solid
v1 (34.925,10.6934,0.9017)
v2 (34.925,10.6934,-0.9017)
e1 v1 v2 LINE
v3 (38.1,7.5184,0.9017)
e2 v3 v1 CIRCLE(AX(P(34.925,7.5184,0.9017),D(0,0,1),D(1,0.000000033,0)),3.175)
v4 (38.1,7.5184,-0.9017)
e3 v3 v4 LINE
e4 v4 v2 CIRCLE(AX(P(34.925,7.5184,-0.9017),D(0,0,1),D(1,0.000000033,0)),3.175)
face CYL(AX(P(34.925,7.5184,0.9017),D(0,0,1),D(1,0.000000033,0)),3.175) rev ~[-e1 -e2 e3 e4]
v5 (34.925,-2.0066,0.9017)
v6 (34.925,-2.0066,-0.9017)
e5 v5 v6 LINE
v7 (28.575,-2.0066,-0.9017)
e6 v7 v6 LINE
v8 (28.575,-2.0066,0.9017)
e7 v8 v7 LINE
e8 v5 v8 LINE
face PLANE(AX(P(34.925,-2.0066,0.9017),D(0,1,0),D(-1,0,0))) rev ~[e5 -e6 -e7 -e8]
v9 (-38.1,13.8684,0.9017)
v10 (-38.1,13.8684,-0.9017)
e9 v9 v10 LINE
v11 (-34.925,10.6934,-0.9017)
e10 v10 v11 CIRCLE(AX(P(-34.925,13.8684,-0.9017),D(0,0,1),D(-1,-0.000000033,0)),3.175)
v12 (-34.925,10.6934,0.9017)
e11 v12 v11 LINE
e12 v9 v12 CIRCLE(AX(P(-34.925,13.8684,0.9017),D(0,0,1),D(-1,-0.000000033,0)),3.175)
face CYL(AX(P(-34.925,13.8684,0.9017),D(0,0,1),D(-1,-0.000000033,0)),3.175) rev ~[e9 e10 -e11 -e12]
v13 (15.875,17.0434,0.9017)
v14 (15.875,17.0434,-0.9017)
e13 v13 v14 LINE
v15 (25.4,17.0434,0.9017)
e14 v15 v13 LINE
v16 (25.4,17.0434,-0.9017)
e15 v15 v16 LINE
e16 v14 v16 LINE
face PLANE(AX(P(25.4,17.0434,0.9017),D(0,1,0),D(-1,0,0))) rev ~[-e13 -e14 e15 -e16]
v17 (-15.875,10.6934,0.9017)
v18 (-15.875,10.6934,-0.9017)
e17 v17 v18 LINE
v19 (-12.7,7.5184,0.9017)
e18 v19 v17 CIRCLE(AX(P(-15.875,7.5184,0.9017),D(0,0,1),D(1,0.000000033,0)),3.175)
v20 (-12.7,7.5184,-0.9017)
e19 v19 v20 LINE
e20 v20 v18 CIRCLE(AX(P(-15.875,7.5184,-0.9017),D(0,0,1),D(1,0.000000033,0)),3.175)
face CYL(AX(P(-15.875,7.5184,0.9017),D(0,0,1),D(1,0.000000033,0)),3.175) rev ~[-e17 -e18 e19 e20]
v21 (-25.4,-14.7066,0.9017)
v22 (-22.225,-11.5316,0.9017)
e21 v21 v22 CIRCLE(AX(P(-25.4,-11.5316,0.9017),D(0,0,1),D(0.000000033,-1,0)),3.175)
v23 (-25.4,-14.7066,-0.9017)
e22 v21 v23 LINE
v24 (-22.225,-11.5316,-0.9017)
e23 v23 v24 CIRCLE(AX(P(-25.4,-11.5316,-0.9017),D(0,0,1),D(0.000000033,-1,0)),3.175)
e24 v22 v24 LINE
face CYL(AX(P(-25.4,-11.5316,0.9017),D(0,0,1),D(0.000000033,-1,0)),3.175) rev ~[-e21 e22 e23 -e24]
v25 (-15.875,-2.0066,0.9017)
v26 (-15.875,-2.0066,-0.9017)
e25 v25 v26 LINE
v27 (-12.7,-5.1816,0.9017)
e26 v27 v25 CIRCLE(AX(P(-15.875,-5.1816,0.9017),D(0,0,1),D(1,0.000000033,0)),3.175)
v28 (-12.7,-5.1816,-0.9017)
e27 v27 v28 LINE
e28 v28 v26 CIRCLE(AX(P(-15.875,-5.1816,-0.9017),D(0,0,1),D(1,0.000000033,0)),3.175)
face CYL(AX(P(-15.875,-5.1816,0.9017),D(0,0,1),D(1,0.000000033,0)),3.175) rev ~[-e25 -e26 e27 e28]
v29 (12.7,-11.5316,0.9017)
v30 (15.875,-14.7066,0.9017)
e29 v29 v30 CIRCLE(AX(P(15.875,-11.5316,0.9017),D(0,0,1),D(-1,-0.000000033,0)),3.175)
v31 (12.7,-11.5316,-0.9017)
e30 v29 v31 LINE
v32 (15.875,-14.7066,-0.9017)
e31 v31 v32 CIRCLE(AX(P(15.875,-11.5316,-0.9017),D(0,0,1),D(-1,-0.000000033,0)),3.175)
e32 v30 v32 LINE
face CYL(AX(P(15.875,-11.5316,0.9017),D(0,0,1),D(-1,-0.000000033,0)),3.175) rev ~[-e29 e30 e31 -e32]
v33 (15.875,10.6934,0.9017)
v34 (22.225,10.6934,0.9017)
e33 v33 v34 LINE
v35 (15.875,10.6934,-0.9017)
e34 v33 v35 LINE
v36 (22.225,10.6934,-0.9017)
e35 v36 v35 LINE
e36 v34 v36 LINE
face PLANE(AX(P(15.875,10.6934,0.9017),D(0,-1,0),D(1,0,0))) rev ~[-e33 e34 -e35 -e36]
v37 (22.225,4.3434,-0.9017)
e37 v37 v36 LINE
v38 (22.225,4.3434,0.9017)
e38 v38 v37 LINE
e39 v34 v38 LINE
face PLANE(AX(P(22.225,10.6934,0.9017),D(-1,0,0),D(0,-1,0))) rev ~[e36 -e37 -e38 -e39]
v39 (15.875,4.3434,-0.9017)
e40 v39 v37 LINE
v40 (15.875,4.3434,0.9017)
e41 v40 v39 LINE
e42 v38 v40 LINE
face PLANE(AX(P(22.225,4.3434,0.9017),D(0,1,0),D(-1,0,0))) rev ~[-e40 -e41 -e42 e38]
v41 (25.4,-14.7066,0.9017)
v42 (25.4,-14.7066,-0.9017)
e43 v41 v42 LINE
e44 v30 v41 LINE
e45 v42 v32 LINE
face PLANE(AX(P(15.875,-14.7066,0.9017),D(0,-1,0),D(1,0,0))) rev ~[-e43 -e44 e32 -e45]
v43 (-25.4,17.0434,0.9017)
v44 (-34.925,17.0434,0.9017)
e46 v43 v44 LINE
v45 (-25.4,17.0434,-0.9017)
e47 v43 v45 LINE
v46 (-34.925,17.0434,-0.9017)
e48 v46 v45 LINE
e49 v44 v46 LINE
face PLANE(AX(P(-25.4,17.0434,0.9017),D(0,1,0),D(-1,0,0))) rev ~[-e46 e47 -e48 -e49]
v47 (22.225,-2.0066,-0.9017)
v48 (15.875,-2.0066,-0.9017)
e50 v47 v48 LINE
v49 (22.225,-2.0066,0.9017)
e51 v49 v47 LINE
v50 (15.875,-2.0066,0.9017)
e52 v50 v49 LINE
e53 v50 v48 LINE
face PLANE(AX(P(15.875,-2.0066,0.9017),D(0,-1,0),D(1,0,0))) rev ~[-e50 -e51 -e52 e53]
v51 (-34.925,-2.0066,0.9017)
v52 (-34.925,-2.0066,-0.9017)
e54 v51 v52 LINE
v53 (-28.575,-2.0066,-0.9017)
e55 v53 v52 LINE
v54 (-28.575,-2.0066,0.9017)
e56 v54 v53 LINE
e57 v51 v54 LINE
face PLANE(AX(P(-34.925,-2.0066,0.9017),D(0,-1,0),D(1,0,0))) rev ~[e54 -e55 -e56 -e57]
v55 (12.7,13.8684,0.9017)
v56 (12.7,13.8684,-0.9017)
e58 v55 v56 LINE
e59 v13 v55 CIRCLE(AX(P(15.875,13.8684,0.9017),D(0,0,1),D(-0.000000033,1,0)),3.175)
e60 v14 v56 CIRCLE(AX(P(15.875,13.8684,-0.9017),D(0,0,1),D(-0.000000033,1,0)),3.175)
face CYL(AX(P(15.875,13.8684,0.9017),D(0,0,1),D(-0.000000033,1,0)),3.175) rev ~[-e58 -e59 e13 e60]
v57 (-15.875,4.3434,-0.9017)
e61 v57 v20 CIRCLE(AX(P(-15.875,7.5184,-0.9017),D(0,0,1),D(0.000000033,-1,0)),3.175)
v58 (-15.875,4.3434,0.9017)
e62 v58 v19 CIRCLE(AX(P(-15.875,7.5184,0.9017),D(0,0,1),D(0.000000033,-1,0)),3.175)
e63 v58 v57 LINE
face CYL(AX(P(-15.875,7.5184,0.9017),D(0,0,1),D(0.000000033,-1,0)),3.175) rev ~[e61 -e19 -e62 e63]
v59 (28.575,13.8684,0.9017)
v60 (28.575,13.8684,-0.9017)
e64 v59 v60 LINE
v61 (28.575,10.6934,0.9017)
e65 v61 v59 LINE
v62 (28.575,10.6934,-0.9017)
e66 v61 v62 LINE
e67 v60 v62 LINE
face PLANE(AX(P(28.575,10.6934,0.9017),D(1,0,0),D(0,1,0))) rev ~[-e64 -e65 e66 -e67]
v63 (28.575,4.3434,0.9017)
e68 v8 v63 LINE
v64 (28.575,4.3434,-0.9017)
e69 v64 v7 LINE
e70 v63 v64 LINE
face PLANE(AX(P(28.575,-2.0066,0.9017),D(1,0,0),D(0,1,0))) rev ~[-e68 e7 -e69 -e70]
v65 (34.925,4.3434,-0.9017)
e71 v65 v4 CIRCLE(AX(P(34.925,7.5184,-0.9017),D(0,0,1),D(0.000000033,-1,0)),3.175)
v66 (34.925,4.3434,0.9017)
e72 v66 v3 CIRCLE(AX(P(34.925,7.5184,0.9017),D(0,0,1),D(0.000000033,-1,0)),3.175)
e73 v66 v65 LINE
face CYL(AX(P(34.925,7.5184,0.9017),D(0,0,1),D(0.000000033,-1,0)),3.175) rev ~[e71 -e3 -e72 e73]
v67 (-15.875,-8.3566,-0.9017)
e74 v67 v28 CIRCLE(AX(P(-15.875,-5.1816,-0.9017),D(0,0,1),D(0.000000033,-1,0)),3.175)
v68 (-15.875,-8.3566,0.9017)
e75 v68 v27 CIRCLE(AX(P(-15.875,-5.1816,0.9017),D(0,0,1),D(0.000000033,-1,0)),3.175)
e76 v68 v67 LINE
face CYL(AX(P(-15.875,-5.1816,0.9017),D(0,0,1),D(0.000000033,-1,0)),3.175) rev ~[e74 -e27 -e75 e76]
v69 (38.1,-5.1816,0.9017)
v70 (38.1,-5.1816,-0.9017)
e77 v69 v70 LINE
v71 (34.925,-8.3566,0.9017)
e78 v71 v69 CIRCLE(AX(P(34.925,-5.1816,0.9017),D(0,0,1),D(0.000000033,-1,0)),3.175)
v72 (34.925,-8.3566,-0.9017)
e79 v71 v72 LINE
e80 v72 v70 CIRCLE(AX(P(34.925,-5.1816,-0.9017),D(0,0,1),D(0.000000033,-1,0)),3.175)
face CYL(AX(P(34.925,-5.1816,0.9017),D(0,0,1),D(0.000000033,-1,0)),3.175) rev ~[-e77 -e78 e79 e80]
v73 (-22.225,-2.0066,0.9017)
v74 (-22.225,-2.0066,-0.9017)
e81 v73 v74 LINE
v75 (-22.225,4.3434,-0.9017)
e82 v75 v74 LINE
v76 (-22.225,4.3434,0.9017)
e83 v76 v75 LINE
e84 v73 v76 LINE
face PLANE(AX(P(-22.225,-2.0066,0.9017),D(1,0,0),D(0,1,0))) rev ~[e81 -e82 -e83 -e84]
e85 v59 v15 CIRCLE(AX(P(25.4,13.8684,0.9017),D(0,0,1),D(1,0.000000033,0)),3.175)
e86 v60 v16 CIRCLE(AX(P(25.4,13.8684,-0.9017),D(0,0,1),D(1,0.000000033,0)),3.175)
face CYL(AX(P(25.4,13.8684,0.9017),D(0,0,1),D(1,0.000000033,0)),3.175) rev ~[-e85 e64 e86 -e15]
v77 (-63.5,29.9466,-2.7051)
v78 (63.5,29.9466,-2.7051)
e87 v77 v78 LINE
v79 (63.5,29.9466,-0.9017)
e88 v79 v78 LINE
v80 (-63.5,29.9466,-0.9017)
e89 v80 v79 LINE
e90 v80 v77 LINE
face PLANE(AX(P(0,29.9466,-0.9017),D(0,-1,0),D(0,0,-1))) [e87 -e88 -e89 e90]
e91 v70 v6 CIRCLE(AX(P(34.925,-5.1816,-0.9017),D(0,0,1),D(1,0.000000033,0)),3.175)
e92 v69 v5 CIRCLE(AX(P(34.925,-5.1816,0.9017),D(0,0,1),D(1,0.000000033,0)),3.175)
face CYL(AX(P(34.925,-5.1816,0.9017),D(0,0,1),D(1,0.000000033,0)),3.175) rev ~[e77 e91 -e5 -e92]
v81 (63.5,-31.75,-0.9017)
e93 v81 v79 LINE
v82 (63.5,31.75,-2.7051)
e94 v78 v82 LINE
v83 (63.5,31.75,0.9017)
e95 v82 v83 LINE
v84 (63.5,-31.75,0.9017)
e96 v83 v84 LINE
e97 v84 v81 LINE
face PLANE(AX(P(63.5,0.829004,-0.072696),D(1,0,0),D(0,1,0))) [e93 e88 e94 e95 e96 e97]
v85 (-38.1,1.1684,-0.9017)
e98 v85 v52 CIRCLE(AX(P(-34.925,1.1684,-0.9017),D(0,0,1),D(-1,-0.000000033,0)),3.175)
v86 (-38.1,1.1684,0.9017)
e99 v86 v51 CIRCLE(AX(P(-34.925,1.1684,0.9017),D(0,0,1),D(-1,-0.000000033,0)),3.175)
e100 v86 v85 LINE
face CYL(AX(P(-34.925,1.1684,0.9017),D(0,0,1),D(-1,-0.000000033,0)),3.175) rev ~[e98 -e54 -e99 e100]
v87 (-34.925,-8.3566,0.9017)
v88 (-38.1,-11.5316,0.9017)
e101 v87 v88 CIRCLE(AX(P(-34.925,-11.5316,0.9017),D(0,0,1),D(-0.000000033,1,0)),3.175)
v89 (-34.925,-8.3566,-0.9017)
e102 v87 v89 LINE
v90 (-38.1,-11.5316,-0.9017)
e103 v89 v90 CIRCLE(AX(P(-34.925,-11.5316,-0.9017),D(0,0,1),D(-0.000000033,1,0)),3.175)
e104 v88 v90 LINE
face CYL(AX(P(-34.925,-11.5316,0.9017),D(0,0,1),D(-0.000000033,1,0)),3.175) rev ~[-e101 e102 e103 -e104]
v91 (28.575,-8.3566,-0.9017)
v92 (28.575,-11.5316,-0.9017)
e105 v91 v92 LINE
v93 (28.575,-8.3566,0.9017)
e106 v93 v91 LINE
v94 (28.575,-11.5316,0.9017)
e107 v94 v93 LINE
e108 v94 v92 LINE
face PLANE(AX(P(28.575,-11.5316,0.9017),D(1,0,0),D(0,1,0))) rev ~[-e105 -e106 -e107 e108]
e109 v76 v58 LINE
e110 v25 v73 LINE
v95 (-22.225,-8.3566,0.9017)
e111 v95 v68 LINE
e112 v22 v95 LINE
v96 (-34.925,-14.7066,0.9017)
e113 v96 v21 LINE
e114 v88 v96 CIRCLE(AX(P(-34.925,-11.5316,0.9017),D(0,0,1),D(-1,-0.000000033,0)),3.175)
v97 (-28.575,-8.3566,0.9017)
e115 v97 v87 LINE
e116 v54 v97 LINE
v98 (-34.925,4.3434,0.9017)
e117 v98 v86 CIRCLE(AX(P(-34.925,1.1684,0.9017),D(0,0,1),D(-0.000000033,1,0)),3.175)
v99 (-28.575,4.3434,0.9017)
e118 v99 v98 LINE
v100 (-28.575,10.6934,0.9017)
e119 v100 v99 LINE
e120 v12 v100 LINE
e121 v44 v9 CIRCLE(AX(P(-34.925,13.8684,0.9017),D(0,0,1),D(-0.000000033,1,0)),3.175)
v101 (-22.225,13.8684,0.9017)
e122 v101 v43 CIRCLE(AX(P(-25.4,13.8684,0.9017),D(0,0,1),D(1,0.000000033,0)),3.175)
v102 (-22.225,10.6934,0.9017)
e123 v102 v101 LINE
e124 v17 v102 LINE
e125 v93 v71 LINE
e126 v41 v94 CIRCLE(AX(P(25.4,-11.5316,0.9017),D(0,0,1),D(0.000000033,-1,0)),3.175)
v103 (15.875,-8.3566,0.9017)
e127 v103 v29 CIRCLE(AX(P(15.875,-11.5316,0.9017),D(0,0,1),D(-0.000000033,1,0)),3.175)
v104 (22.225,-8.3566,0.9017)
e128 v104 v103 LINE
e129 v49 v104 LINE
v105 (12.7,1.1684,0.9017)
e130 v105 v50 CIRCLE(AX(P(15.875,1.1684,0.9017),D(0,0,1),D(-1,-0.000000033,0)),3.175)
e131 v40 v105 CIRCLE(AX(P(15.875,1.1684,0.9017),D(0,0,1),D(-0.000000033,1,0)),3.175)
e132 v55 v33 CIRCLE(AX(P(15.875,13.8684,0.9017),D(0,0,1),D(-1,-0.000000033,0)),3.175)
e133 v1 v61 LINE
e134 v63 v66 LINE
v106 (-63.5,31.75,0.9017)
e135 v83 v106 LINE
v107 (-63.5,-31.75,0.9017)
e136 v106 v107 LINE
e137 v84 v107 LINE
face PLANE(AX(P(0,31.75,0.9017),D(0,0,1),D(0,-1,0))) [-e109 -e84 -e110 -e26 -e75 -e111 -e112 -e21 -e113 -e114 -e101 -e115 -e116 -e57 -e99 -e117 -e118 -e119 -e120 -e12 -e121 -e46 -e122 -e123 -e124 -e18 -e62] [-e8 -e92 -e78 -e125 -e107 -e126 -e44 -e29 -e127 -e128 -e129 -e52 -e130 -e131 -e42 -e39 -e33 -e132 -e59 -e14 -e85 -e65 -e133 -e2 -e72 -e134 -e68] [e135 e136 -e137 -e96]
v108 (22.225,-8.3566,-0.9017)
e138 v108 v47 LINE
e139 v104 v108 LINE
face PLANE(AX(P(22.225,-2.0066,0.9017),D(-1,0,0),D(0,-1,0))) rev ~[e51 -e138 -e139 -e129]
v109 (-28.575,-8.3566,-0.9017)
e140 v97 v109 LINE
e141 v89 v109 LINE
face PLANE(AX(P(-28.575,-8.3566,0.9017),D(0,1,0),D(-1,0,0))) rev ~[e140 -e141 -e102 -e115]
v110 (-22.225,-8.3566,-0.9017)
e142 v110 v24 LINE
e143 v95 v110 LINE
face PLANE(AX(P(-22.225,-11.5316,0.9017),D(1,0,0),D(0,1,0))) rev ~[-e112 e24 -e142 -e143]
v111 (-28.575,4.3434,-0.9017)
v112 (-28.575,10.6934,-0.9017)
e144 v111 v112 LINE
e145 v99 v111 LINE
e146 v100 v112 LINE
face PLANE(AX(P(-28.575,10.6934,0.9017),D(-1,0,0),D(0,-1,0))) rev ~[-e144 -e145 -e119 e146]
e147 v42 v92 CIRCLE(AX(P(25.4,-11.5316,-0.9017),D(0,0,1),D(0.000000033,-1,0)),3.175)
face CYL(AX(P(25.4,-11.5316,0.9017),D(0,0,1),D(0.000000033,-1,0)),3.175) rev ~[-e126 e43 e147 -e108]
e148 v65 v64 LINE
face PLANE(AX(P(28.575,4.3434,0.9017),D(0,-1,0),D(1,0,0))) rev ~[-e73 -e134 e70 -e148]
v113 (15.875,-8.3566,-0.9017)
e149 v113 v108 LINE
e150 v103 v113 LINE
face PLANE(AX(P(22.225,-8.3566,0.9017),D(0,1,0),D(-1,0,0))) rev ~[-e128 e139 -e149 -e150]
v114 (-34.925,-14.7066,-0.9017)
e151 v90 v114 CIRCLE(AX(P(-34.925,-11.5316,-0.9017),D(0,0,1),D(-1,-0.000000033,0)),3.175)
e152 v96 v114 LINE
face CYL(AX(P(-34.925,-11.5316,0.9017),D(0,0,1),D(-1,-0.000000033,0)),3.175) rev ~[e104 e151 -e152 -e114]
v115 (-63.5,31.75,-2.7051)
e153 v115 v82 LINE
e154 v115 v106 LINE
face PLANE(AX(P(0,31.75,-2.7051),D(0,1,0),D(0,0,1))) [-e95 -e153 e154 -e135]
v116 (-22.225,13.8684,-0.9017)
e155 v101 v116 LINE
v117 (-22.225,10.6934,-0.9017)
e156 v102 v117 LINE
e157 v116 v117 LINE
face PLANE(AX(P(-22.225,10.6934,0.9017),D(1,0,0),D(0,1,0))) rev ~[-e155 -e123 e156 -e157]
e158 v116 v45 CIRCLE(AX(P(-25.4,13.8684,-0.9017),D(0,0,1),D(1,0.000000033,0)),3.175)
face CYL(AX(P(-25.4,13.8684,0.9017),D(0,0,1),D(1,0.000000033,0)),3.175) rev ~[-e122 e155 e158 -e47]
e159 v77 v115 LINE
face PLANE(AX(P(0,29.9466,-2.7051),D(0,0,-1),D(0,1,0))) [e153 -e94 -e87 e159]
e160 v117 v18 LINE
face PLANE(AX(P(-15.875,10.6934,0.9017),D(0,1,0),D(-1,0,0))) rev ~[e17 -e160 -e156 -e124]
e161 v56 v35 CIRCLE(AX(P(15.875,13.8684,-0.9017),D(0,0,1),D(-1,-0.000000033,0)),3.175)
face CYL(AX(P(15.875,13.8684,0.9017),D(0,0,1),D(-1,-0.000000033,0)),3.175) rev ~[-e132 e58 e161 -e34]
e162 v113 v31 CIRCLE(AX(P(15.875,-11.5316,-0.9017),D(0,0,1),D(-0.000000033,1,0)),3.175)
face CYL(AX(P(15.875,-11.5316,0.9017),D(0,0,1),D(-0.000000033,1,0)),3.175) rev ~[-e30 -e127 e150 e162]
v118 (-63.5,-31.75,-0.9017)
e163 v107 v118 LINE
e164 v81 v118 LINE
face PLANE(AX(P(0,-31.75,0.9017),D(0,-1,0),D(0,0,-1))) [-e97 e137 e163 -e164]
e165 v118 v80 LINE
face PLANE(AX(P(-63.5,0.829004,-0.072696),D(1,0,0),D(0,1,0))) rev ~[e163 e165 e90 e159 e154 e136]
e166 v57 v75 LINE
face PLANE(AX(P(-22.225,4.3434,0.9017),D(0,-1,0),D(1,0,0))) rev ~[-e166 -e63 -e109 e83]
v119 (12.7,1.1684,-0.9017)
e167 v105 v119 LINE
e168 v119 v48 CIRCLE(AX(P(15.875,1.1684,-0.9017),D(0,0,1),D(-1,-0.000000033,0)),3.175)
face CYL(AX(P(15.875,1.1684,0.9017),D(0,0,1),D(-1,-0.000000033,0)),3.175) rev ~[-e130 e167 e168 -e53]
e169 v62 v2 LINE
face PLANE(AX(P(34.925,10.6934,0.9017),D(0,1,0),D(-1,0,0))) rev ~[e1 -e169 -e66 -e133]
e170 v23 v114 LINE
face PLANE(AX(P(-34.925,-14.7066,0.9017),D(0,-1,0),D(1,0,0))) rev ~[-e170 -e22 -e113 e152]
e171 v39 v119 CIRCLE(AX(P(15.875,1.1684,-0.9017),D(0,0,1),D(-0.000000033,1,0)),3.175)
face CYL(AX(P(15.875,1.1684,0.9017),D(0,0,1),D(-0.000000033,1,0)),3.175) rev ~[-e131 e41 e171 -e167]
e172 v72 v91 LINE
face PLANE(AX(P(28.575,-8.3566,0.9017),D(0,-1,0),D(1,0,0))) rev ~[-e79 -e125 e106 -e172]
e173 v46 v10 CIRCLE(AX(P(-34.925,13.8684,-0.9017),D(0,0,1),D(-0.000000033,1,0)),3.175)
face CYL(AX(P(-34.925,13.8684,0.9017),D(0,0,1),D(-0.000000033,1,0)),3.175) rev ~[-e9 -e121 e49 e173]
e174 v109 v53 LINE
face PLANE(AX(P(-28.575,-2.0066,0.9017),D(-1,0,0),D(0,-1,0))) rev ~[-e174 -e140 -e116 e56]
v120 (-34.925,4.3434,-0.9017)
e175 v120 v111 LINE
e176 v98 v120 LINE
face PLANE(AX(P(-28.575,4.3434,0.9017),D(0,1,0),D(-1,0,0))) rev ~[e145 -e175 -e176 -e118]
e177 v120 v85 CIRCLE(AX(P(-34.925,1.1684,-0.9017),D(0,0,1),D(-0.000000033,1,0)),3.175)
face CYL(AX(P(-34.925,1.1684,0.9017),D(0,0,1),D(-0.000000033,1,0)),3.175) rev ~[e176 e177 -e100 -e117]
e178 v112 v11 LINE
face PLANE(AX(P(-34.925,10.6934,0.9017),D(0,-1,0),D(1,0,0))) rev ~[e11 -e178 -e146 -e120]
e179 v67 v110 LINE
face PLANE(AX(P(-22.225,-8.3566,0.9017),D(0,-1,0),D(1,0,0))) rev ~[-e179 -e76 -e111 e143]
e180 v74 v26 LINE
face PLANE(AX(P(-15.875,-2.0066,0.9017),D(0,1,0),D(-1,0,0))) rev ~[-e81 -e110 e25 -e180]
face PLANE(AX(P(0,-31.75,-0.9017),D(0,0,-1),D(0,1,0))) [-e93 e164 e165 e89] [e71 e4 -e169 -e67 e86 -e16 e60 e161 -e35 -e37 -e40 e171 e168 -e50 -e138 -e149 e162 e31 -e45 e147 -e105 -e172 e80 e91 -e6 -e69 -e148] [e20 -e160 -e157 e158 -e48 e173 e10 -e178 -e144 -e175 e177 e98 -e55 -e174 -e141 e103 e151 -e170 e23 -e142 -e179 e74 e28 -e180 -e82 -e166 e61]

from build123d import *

# Parameters (mm, degrees)
F1_DEPTH      = 63.5
F1_DEPTH_BACK = 63.5
F3_DEPTH      = 3.6078
F5_DEPTH      = 3.6078


with BuildPart() as f1:
    # F0 (on Right) → F1 (new body, two sides)
    with BuildSketch(Plane.YZ) as f1_sk:
        Polygon((-31.75, -0.9017), (29.9466, -0.9017), (29.9466, -2.7051), (31.75, -2.7051), (31.75, -0.9017), (31.75, 0.9017), (-31.75, 0.9017), align=None)
    extrude(amount=F1_DEPTH)
    extrude(f1_sk.sketch, amount=-F1_DEPTH_BACK)

    # F2 (on face) → F3 (cut, through all)
    with BuildSketch(Plane.XY.offset(0.9017)):
        with BuildLine():
            Line((-25.4, 17.0434), (-34.925, 17.0434))
            ThreePointArc((-34.925, 17.0434), (-37.170064, 16.113464), (-38.1, 13.8684))
            ThreePointArc((-38.1, 13.8684), (-37.170064, 11.623336), (-34.925, 10.6934))
            Line((-34.925, 10.6934), (-28.575, 10.6934))
            Line((-28.575, 10.6934), (-28.575, 4.3434))
            Line((-28.575, 4.3434), (-34.925, 4.3434))
            ThreePointArc((-34.925, 4.3434), (-37.170064, 3.413464), (-38.1, 1.1684))
            ThreePointArc((-38.1, 1.1684), (-37.170064, -1.076664), (-34.925, -2.0066))
            Line((-34.925, -2.0066), (-28.575, -2.0066))
            Line((-28.575, -2.0066), (-28.575, -8.3566))
            Line((-28.575, -8.3566), (-34.925, -8.3566))
            ThreePointArc((-34.925, -8.3566), (-37.170064, -9.286536), (-38.1, -11.5316))
            ThreePointArc((-38.1, -11.5316), (-37.170064, -13.776664), (-34.925, -14.7066))
            Line((-34.925, -14.7066), (-25.4, -14.7066))
            ThreePointArc((-25.4, -14.7066), (-23.154936, -13.776664), (-22.225, -11.5316))
            Line((-22.225, -11.5316), (-22.225, -8.3566))
            Line((-22.225, -8.3566), (-15.875, -8.3566))
            ThreePointArc((-15.875, -8.3566), (-13.629936, -7.426664), (-12.7, -5.1816))
            ThreePointArc((-12.7, -5.1816), (-13.629936, -2.936536), (-15.875, -2.0066))
            Line((-15.875, -2.0066), (-22.225, -2.0066))
            Line((-22.225, -2.0066), (-22.225, 4.3434))
            Line((-22.225, 4.3434), (-15.875, 4.3434))
            ThreePointArc((-15.875, 4.3434), (-13.629936, 5.273336), (-12.7, 7.5184))
            ThreePointArc((-12.7, 7.5184), (-13.629936, 9.763464), (-15.875, 10.6934))
            Line((-15.875, 10.6934), (-22.225, 10.6934))
            Line((-22.225, 10.6934), (-22.225, 13.8684))
            ThreePointArc((-22.225, 13.8684), (-23.154936, 16.113464), (-25.4, 17.0434))
        make_face()
    extrude(amount=-F3_DEPTH, mode=Mode.SUBTRACT)

    # F4 (on face) → F5 (cut, through all)
    with BuildSketch(Plane.XY.offset(0.9017)):
        with BuildLine():
            Line((25.4, 17.0434), (15.875, 17.0434))
            ThreePointArc((15.875, 17.0434), (13.629936, 16.113464), (12.7, 13.8684))
            ThreePointArc((12.7, 13.8684), (13.629936, 11.623336), (15.875, 10.6934))
            Line((15.875, 10.6934), (22.225, 10.6934))
            Line((22.225, 10.6934), (22.225, 4.3434))
            Line((22.225, 4.3434), (15.875, 4.3434))
            ThreePointArc((15.875, 4.3434), (13.629936, 3.413464), (12.7, 1.1684))
            ThreePointArc((12.7, 1.1684), (13.629936, -1.076664), (15.875, -2.0066))
            Line((15.875, -2.0066), (22.225, -2.0066))
            Line((22.225, -2.0066), (22.225, -8.3566))
            Line((22.225, -8.3566), (15.875, -8.3566))
            ThreePointArc((15.875, -8.3566), (13.629936, -9.286536), (12.7, -11.5316))
            ThreePointArc((12.7, -11.5316), (13.629936, -13.776664), (15.875, -14.7066))
            Line((15.875, -14.7066), (25.4, -14.7066))
            ThreePointArc((25.4, -14.7066), (27.645064, -13.776664), (28.575, -11.5316))
            Line((28.575, -11.5316), (28.575, -8.3566))
            Line((28.575, -8.3566), (34.925, -8.3566))
            ThreePointArc((34.925, -8.3566), (37.170064, -7.426664), (38.1, -5.1816))
            ThreePointArc((38.1, -5.1816), (37.170064, -2.936536), (34.925, -2.0066))
            Line((34.925, -2.0066), (28.575, -2.0066))
            Line((28.575, -2.0066), (28.575, 4.3434))
            Line((28.575, 4.3434), (34.925, 4.3434))
            ThreePointArc((34.925, 4.3434), (37.170064, 5.273336), (38.1, 7.5184))
            ThreePointArc((38.1, 7.5184), (37.170064, 9.763464), (34.925, 10.6934))
            Line((34.925, 10.6934), (28.575, 10.6934))
            Line((28.575, 10.6934), (28.575, 13.8684))
            ThreePointArc((28.575, 13.8684), (27.645064, 16.113464), (25.4, 17.0434))
        make_face()
    extrude(amount=-F5_DEPTH, mode=Mode.SUBTRACT)


solid = f1.part
